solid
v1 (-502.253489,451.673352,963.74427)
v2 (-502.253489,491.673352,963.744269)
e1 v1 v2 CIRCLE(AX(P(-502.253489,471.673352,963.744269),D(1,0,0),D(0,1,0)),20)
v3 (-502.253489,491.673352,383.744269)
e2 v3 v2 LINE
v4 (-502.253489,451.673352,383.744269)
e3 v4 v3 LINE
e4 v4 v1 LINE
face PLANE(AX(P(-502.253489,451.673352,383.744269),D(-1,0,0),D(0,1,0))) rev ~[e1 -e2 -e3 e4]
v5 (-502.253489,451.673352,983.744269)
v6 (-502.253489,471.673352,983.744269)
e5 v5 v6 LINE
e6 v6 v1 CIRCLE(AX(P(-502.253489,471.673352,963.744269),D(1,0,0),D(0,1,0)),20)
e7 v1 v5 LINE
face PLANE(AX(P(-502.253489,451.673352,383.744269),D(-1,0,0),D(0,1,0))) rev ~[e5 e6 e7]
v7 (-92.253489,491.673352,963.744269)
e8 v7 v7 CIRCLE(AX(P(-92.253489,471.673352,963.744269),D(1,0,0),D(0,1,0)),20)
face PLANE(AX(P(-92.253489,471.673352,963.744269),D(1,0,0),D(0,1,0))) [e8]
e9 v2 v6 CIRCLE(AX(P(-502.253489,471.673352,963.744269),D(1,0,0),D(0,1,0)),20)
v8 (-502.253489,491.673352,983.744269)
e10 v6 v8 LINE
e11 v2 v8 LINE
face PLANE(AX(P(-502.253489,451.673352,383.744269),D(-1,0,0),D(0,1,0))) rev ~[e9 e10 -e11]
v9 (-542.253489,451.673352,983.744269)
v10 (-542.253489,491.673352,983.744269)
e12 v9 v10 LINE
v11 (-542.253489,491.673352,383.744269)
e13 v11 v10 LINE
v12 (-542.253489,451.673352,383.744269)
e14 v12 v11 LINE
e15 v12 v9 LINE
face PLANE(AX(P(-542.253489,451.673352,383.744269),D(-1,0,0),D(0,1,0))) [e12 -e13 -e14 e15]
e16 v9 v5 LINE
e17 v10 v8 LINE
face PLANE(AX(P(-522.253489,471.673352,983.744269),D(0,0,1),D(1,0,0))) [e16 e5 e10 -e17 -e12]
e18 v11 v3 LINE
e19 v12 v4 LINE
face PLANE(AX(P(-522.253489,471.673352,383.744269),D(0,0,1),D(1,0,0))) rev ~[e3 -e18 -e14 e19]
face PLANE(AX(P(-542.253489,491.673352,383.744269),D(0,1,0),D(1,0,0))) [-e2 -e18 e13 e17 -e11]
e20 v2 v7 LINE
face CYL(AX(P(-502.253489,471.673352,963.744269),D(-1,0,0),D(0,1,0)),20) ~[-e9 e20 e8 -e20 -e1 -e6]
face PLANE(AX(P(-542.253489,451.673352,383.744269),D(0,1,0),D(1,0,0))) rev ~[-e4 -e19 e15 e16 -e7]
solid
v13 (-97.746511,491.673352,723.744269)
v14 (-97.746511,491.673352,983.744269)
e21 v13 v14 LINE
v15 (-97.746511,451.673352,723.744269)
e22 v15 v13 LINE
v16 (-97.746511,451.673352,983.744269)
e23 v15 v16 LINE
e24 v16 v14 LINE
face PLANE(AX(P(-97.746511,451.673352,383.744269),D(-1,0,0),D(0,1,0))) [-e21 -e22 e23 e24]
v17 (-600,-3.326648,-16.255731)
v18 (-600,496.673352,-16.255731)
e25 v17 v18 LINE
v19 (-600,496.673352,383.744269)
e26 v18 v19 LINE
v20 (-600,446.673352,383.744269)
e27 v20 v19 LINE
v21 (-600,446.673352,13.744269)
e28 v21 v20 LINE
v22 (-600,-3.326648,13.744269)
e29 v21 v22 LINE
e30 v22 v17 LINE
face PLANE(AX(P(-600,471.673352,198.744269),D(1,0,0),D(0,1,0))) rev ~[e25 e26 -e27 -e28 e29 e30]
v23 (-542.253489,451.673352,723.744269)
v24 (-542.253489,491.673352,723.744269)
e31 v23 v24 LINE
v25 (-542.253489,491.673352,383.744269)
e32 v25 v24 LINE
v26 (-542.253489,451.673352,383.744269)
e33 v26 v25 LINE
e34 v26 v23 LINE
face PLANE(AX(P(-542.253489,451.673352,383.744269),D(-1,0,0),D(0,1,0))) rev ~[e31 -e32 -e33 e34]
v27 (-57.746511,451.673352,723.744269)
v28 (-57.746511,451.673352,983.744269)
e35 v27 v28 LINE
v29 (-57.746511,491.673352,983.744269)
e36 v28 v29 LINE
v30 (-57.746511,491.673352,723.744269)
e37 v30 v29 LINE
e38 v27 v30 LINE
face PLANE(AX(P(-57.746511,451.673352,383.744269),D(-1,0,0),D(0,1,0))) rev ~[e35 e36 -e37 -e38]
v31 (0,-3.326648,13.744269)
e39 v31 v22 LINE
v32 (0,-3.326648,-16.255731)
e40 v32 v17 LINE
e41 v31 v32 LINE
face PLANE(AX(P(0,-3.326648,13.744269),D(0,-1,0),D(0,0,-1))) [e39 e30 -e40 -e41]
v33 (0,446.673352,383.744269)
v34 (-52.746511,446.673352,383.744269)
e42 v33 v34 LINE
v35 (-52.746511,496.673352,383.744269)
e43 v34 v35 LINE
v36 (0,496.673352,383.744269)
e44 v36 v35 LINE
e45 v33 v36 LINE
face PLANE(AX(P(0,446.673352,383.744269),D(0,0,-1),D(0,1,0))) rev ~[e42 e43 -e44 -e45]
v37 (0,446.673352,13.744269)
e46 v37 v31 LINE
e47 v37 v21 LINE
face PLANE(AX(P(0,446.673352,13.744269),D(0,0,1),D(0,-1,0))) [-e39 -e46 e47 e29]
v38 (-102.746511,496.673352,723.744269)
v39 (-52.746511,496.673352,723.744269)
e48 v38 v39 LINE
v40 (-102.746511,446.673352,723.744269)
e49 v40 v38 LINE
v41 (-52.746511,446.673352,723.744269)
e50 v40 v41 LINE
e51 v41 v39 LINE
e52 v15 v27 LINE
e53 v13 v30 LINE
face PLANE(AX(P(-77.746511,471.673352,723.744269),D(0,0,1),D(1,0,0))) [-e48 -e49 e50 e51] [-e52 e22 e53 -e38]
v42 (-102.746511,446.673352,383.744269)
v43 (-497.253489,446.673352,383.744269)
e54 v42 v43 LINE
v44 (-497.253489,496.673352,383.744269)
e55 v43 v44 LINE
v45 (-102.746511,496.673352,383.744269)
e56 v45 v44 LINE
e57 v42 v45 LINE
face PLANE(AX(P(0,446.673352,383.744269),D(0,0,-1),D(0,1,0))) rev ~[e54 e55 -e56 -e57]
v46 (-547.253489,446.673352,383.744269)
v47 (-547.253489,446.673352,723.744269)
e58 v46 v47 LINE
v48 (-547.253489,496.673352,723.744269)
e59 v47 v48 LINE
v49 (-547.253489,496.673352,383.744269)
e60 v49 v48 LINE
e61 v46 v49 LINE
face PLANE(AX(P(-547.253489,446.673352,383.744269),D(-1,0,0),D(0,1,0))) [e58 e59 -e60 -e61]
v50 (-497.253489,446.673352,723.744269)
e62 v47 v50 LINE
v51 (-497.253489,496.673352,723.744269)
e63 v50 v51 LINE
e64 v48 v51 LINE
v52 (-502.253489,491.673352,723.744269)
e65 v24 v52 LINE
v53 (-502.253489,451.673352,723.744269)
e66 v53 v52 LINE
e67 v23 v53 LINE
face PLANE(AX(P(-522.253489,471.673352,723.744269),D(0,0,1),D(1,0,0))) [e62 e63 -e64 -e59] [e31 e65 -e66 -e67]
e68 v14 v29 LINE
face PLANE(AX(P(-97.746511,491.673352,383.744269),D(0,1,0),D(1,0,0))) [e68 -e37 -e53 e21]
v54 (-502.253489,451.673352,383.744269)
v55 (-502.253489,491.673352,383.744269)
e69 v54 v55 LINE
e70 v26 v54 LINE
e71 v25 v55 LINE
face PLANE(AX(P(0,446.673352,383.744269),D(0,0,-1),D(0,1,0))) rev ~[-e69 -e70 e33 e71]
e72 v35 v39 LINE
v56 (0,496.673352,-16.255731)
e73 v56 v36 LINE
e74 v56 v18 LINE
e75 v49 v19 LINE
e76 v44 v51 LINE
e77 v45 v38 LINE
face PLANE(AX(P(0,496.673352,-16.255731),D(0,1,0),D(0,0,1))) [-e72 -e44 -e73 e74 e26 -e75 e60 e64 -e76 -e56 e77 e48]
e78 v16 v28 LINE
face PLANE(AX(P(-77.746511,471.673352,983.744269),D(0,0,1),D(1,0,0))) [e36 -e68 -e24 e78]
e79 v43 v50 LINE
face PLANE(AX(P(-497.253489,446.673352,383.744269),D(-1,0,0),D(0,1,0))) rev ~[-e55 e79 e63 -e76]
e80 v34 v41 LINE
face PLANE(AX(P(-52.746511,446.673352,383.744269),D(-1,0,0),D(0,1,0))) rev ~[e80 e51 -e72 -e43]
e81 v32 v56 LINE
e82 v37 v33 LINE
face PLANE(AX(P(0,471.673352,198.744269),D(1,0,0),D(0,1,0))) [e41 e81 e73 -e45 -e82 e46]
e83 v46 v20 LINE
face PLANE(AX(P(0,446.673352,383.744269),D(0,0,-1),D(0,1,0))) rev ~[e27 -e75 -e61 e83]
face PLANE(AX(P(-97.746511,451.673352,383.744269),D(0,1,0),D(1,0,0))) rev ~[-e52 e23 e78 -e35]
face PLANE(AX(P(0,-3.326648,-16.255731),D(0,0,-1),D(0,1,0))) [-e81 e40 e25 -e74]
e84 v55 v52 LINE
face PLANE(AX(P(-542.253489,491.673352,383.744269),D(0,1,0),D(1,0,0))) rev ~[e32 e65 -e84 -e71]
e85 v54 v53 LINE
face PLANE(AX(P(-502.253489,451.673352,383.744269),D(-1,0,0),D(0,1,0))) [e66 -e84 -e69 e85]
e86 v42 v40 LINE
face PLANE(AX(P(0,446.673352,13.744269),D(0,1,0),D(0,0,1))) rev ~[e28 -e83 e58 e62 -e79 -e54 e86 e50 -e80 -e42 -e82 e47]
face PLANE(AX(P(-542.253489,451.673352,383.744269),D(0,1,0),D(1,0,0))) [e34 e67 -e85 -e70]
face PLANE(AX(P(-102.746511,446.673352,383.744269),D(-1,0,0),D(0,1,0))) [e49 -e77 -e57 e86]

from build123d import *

# Parameters (mm, degrees)
F0_W     = 50
F0_H     = 370
F1_DEPTH = 600
F2_W     = 50
F2_H     = 50
F2_W_2   = 40
F2_H_2   = 40
F3_DEPTH = 340
F4_DEPTH = 340
F5_DEPTH = 600
F6_DEPTH = 600
F7_R     = 20
F8_DEPTH = 410


with BuildPart() as f1:
    # F0 (on Right) → F1 (new body)
    with BuildSketch(Plane.YZ):
        with Locations((471.6733521096, 198.7442690134)):
            Rectangle(F0_W, F0_H)
        Polygon((446.6733521096, 13.7442690134), (-3.3266478904, 13.7442690134), (-3.3266478904, -16.2557309866), (496.6733521096, -16.2557309866), (496.6733521096, 13.7442690134), align=None)
    extrude(amount=-F1_DEPTH)

    # F2 (on face) → F3 (join)
    with BuildSketch(Plane.XY.offset(383.7442690134)):
        with Locations((-522.2534894943, 471.6733521096)):
            Rectangle(F2_W, F2_H)
        with Locations((-522.2534894943, 471.6733521096)):
            Rectangle(F2_W_2, F2_H_2, mode=Mode.SUBTRACT)
    extrude(amount=F3_DEPTH)

    # F2 (on face) → F4 (join)
    with BuildSketch(Plane.XY.offset(383.7442690134)):
        with Locations((-77.7465105057, 471.6733521096)):
            Rectangle(F2_W, F2_H)
        with Locations((-77.7465105057, 471.6733521096)):
            Rectangle(F2_W_2, F2_H_2, mode=Mode.SUBTRACT)
    extrude(amount=F4_DEPTH)

    # F2 (on face) → F6 (join)
    with BuildSketch(Plane.XY.offset(383.7442690134)):
        with Locations((-77.7465105057, 471.6733521096)):
            Rectangle(F2_W_2, F2_H_2)
    extrude(amount=F6_DEPTH)


with BuildPart() as f5:
    # F2 (on face) → F5 (new body)
    with BuildSketch(Plane.XY.offset(383.7442690134)):
        with Locations((-522.2534894943, 471.6733521096)):
            Rectangle(F2_W_2, F2_H_2)
    extrude(amount=F5_DEPTH)

    # F7 (on face) → F8 (join)
    with BuildSketch(Plane.YZ.offset(-502.2534894943)):
        with Locations((471.6733521096, 963.7442690134)):
            Circle(F7_R)
    extrude(amount=F8_DEPTH)


solid = Compound([f1.part, f5.part])
